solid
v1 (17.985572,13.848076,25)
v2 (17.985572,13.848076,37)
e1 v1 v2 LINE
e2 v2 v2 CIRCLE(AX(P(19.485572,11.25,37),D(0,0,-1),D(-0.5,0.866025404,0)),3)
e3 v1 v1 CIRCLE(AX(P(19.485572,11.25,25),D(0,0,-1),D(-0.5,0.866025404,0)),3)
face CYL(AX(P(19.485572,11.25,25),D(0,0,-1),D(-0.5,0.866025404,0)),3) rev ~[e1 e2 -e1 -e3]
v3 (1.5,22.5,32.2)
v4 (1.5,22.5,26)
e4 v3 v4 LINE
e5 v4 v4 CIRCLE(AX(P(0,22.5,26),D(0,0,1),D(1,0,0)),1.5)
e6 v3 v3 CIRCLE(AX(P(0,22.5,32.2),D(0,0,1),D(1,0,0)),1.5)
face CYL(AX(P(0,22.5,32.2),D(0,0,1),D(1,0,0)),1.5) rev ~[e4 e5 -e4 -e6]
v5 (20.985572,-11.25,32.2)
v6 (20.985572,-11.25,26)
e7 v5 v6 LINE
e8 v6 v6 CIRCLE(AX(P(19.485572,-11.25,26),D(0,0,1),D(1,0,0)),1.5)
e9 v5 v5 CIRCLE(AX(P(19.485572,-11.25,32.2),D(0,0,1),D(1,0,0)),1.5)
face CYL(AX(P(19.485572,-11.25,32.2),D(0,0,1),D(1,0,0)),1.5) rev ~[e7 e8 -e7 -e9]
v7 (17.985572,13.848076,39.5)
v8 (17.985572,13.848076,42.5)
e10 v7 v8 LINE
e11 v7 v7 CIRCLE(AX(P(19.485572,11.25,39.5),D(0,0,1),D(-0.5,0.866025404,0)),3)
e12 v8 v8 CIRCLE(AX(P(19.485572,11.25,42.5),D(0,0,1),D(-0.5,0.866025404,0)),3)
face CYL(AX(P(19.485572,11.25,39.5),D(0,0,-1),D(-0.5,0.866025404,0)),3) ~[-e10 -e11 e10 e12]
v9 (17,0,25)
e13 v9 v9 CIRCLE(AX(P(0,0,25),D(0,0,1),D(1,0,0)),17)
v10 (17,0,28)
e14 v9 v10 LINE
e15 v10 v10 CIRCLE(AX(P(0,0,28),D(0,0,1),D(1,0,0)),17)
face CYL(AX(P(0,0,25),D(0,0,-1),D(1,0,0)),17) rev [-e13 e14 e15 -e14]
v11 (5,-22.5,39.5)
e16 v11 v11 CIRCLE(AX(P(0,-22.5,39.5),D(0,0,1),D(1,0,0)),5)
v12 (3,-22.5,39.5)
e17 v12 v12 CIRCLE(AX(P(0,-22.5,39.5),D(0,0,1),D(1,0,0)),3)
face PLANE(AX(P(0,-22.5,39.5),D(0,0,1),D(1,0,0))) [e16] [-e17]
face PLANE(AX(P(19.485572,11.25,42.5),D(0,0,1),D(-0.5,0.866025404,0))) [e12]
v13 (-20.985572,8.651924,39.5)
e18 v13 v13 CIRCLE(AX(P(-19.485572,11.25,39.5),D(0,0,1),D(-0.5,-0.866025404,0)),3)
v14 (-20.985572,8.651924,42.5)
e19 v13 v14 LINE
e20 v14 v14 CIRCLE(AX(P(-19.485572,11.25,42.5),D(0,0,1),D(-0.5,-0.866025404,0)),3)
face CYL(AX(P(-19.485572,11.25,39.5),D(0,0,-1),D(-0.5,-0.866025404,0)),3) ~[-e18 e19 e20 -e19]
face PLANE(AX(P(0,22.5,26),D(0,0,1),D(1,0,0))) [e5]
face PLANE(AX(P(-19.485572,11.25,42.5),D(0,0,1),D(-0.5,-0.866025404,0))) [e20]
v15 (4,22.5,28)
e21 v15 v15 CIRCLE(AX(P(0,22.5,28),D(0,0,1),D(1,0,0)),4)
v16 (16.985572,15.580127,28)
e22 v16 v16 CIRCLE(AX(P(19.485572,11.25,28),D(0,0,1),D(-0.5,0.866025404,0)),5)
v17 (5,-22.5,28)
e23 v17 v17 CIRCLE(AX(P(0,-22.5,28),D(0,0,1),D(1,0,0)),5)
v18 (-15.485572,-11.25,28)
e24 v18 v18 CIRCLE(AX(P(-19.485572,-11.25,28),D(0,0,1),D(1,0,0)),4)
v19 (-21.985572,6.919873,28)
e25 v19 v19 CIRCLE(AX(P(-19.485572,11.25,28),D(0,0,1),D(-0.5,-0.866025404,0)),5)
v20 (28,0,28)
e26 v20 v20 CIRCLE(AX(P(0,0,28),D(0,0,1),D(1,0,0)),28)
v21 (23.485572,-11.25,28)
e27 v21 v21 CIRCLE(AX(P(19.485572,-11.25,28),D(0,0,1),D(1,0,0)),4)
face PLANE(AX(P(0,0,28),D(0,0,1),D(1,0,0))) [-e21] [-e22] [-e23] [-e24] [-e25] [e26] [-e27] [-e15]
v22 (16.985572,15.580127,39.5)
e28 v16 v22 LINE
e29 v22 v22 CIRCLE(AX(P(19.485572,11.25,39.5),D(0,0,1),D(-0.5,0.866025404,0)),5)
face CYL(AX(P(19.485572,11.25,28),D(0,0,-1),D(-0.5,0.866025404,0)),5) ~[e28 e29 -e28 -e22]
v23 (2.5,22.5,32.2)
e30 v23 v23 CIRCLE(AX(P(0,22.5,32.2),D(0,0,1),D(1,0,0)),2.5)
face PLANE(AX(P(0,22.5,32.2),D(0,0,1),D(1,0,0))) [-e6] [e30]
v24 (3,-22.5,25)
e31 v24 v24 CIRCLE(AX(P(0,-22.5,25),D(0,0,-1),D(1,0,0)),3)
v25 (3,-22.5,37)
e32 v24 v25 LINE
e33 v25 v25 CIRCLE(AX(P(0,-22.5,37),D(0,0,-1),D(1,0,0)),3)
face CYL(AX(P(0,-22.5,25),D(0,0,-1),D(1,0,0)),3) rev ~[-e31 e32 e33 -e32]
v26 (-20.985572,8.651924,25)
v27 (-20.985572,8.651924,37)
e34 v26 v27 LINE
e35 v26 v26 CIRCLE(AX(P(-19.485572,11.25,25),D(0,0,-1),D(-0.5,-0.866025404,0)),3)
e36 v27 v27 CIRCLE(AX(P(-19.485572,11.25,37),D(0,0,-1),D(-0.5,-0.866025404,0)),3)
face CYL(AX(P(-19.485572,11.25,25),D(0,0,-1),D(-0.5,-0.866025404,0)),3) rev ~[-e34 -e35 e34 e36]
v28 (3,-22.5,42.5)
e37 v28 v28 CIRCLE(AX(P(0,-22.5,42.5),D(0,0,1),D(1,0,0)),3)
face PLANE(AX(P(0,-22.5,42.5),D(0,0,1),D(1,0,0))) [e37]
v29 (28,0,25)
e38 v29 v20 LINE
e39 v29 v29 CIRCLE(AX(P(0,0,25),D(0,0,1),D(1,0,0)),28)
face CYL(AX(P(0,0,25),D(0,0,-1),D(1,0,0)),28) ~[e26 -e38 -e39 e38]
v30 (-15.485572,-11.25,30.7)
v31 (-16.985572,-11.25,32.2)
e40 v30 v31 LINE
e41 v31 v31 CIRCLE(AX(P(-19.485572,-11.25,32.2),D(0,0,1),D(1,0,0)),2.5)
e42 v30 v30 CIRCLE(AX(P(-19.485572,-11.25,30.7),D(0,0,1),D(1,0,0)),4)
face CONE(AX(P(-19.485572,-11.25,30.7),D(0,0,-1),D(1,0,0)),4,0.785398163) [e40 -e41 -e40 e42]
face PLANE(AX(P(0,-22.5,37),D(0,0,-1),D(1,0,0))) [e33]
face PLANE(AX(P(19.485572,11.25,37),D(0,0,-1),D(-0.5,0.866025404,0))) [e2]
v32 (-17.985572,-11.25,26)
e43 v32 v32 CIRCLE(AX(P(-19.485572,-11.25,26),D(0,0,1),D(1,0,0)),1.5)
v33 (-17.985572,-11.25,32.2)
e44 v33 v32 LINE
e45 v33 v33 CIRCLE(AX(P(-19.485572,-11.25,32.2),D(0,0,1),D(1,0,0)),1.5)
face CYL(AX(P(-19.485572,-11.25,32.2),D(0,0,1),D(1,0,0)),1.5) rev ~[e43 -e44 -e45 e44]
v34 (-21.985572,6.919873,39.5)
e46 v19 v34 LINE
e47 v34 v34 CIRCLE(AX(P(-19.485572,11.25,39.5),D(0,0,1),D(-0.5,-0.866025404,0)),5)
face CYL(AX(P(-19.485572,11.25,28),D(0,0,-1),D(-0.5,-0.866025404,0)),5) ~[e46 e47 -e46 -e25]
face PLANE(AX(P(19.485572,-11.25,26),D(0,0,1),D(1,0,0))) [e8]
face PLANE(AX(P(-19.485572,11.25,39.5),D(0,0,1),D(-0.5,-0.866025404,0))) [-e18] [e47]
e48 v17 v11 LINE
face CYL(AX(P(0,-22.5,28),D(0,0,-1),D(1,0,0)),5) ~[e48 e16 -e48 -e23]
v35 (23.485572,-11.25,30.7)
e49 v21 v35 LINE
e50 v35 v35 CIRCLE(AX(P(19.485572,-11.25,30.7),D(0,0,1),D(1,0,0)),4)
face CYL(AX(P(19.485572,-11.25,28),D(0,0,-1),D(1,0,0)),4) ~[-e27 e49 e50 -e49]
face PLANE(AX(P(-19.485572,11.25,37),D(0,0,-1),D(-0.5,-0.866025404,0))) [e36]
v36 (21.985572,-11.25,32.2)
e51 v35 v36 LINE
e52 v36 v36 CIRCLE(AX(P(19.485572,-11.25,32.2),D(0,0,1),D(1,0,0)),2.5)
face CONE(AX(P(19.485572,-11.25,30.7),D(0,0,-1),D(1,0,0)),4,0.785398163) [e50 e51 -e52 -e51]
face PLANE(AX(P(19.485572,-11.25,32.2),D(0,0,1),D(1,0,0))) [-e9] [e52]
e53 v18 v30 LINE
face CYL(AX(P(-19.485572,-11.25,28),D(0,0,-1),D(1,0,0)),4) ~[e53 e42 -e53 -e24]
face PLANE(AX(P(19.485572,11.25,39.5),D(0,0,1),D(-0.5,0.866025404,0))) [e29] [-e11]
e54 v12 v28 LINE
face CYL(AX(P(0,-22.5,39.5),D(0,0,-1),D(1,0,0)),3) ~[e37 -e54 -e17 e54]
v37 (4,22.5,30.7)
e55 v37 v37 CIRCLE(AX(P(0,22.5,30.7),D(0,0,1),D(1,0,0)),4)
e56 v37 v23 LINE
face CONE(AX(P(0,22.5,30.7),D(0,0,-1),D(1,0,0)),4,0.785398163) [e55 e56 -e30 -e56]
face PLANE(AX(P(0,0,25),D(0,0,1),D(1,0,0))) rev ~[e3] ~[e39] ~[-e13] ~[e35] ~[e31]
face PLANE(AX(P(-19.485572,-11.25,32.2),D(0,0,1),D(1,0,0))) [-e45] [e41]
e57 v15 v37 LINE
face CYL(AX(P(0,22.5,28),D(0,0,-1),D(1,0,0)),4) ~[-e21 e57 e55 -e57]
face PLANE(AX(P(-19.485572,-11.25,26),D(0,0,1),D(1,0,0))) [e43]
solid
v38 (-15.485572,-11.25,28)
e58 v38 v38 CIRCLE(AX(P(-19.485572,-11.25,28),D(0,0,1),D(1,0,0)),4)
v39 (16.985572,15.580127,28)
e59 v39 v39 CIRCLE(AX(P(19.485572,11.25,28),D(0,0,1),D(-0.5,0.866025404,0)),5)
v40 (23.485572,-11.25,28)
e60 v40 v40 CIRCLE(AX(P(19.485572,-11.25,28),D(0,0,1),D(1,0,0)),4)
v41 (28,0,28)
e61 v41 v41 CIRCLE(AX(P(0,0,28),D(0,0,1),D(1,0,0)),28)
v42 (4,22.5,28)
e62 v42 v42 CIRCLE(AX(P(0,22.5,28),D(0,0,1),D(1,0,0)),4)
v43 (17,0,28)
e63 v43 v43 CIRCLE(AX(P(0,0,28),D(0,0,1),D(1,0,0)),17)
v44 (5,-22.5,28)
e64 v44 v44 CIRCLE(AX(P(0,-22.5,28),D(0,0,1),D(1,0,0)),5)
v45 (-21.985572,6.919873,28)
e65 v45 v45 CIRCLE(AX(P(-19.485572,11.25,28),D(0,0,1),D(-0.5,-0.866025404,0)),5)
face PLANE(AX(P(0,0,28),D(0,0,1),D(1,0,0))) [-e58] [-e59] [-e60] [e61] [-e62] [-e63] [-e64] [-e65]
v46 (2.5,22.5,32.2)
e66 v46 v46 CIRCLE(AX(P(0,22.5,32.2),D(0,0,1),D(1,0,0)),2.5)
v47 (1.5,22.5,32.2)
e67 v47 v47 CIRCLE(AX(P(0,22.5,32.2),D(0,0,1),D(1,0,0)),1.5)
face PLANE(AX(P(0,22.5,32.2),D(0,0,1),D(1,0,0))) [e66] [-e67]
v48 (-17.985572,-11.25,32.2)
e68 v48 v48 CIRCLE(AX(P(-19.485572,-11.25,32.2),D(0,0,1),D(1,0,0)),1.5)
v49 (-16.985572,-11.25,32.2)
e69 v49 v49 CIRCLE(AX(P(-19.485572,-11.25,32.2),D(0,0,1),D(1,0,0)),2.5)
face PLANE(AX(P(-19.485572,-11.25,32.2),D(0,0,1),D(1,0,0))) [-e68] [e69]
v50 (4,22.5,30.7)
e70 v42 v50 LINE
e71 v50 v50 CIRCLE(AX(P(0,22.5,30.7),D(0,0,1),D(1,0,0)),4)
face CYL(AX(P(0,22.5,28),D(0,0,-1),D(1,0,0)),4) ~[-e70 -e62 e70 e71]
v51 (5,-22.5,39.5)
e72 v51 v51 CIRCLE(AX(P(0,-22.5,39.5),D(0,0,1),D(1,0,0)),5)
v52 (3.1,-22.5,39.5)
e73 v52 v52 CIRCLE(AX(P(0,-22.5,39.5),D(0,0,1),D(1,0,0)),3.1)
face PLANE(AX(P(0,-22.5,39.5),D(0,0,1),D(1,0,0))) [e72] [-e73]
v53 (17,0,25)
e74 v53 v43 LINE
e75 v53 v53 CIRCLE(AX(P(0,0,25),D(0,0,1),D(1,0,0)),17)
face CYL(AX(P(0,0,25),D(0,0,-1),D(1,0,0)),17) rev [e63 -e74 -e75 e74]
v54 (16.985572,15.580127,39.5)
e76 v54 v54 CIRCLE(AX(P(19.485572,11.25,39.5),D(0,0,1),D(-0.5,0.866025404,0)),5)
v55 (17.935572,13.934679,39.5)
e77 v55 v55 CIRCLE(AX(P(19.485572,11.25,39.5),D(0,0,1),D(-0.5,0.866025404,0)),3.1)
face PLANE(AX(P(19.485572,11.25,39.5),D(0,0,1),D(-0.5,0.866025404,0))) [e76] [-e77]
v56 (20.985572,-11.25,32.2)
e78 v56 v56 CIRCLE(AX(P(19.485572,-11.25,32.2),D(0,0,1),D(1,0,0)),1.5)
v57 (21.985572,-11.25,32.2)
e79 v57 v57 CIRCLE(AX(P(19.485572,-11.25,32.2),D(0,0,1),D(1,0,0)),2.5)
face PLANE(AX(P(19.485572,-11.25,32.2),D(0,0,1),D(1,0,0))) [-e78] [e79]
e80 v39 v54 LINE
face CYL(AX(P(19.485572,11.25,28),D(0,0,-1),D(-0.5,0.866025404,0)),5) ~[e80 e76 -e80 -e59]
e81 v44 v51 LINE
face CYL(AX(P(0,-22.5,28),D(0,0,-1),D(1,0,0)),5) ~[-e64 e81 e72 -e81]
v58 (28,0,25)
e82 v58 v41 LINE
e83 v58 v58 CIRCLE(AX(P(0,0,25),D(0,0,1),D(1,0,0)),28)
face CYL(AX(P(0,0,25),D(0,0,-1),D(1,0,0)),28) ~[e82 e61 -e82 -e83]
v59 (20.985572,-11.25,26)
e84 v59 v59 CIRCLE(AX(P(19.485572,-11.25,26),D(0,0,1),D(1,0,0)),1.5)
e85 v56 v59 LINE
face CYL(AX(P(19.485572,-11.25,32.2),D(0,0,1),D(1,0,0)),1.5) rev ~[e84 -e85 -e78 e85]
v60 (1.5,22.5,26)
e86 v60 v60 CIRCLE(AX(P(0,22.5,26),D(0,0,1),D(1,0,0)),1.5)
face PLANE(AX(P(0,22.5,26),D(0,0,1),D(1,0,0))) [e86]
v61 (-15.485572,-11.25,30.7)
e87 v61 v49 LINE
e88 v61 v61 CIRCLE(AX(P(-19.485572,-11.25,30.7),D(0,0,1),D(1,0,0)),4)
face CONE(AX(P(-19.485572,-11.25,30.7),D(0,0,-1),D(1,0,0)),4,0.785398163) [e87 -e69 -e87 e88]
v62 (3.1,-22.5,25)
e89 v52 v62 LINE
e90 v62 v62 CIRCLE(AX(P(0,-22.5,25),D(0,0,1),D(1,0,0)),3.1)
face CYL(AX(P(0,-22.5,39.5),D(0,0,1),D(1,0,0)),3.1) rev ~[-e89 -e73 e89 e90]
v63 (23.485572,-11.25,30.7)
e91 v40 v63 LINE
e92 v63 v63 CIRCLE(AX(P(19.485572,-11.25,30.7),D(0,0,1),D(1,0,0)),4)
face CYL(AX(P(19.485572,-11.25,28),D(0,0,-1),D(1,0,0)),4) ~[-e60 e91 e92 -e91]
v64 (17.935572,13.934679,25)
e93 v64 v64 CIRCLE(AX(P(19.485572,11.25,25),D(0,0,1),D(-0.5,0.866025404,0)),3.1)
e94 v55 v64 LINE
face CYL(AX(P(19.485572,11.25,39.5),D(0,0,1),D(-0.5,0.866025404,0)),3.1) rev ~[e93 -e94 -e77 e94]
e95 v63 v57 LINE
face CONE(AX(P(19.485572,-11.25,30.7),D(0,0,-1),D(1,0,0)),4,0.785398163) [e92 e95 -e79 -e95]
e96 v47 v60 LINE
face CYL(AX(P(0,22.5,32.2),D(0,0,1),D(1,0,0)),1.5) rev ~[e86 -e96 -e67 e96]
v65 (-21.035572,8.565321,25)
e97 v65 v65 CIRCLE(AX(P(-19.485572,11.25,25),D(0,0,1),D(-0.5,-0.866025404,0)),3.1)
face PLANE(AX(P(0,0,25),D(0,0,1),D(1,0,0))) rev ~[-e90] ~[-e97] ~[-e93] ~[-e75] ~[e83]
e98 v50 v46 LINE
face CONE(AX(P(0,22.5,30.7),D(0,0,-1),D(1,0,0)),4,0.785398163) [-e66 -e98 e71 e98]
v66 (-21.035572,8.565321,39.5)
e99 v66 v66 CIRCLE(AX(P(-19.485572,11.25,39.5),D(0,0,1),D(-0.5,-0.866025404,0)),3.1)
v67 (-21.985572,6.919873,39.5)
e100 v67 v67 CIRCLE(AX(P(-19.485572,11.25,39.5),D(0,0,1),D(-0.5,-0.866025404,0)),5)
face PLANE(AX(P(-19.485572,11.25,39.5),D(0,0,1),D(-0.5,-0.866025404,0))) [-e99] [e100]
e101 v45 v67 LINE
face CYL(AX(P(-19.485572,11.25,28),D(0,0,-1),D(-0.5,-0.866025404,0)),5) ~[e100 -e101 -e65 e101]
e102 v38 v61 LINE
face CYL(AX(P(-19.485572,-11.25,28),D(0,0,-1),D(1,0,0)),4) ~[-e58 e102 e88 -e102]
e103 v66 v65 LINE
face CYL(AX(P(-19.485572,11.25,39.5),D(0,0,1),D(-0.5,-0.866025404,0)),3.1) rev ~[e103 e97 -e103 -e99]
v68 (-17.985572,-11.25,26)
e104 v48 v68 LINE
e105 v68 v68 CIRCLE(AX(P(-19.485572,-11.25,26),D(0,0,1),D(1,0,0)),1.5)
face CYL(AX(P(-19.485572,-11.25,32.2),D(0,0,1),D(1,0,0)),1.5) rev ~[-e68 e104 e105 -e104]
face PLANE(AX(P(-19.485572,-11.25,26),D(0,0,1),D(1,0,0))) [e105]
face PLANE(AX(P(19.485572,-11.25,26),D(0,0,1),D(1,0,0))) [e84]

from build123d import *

# Parameters (mm, degrees)
SKETCH_R              = 28
SKETCH_R_2            = 17
PAD_DEPTH             = 3
SKETCH001_R           = 4
PAD001_DEPTH          = 4.2
SKETCH003_R           = 1.5
POCKET001_DEPTH       = 6.2
SKETCH005_R           = 5
PAD002_DEPTH          = 11.5
POLARPATTERN_COUNT    = 3
SKETCH007_R           = 3.1
POCKET_DEPTH          = 175.525843
POLARPATTERN002_COUNT = 3
CHAMFER_SIZE          = 1.5
CHAMFER001_SIZE       = 1.5
CHAMFER002_SIZE       = 1.5
SKETCH006_R           = 3
PAD003_DEPTH          = 3
POLARPATTERN001_COUNT = 3
SKETCH008_R           = 3
POCKET002_DEPTH       = 12
POLARPATTERN003_COUNT = 3
CHAMFER003_SIZE       = 1.5
CHAMFER004_SIZE       = 1.5
CHAMFER005_SIZE       = 1.5


with BuildPart() as polarpattern:
    # Sketch → Pad (new body)
    with BuildSketch(Plane.XY.offset(25)):
        Circle(SKETCH_R)
        Circle(SKETCH_R_2, mode=Mode.SUBTRACT)
    extrude(amount=PAD_DEPTH)

    # Sketch001 → Pad001 (new body)
    with BuildSketch(Plane.XY.offset(28)):
        with Locations((0, 22.5)):
            Circle(SKETCH001_R)
        with Locations((-19.485572, -11.25)):
            Circle(SKETCH001_R)
        with Locations((19.485572, -11.25)):
            Circle(SKETCH001_R)
    extrude(amount=PAD001_DEPTH)

    # Sketch003 → Pocket001 (cut)
    with BuildSketch(Plane.XY.offset(32.2)):
        with Locations((0, 22.5)):
            Circle(SKETCH003_R)
        with Locations((-19.485572, -11.25)):
            Circle(SKETCH003_R)
        with Locations((19.485572, -11.25)):
            Circle(SKETCH003_R)
    extrude(amount=-POCKET001_DEPTH, mode=Mode.SUBTRACT)

    # Sketch005 → Pad002 (new body)
    with BuildSketch(Plane.XY.offset(28)):
        with Locations((0, -22.5)):
            Circle(SKETCH005_R)
    pad002 = extrude(amount=PAD002_DEPTH)

    # PolarPattern: Pad002 ×3 about axis
    polarpattern_axis = Axis((0, 0, 28), (0, 0, 1))
    for i in range(1, POLARPATTERN_COUNT):
        add(pad002.rotate(polarpattern_axis, i * 360 / POLARPATTERN_COUNT))


with BuildPart() as reallyfinala:
    # Pocket base: copy of PolarPattern
    add(polarpattern.part)

    # Sketch007 → Pocket (cut, through all)
    with BuildSketch(Plane.XY.offset(39.5)):
        with Locations((0, -22.5)):
            Circle(SKETCH007_R)
    pocket = extrude(amount=-POCKET_DEPTH, mode=Mode.SUBTRACT)

    # PolarPattern002: Pocket ×3 about axis
    polarpattern002_axis = Axis((0, 0, 39.5), (0, 0, 1))
    for i in range(1, POLARPATTERN002_COUNT):
        add(pocket.rotate(polarpattern002_axis, i * 360 / POLARPATTERN002_COUNT), mode=Mode.SUBTRACT)

    # Chamfer
    chamfer_edges = [reallyfinala.edges().sort_by_distance(p)[0] for p in [
        (-23.485572, -11.25, 32.2),
    ]]
    chamfer(chamfer_edges, length=CHAMFER_SIZE)

    # Chamfer001
    chamfer001_edges = [reallyfinala.edges().sort_by_distance(p)[0] for p in [
        (-4, 22.5, 32.2),
    ]]
    chamfer(chamfer001_edges, length=CHAMFER001_SIZE)

    # Chamfer002
    chamfer002_edges = [reallyfinala.edges().sort_by_distance(p)[0] for p in [
        (15.485572, -11.25, 32.2),
    ]]
    chamfer(chamfer002_edges, length=CHAMFER002_SIZE)


with BuildPart() as reallyfinalb:
    # Pad003 base: copy of PolarPattern
    add(polarpattern.part)

    # Sketch006 → Pad003 (new body)
    with BuildSketch(Plane.XY.offset(39.5)):
        with Locations((0, -22.5)):
            Circle(SKETCH006_R)
    pad003 = extrude(amount=PAD003_DEPTH)

    # PolarPattern001: Pad003 ×3 about axis
    polarpattern001_axis = Axis((0, 0, 39.5), (0, 0, 1))
    for i in range(1, POLARPATTERN001_COUNT):
        add(pad003.rotate(polarpattern001_axis, i * 360 / POLARPATTERN001_COUNT))

    # Sketch008 → Pocket002 (cut)
    with BuildSketch(Plane(origin=(0, 0, 25), x_dir=(1, 0, 0), z_dir=(0, 0, -1))):
        with Locations((0, 22.5)):
            Circle(SKETCH008_R)
    pocket002 = extrude(amount=-POCKET002_DEPTH, mode=Mode.SUBTRACT)

    # PolarPattern003: Pocket002 ×3 about axis
    polarpattern003_axis = Axis((0, 0, 25), (0, 0, -1))
    for i in range(1, POLARPATTERN003_COUNT):
        add(pocket002.rotate(polarpattern003_axis, i * 360 / POLARPATTERN003_COUNT), mode=Mode.SUBTRACT)

    # Chamfer003
    chamfer003_edges = [reallyfinalb.edges().sort_by_distance(p)[0] for p in [
        (-23.485572, -11.25, 32.2),
    ]]
    chamfer(chamfer003_edges, length=CHAMFER003_SIZE)

    # Chamfer004
    chamfer004_edges = [reallyfinalb.edges().sort_by_distance(p)[0] for p in [
        (-4, 22.5, 32.2),
    ]]
    chamfer(chamfer004_edges, length=CHAMFER004_SIZE)

    # Chamfer005
    chamfer005_edges = [reallyfinalb.edges().sort_by_distance(p)[0] for p in [
        (15.485572, -11.25, 32.2),
    ]]
    chamfer(chamfer005_edges, length=CHAMFER005_SIZE)


solid = Compound([reallyfinala.part, reallyfinalb.part])
